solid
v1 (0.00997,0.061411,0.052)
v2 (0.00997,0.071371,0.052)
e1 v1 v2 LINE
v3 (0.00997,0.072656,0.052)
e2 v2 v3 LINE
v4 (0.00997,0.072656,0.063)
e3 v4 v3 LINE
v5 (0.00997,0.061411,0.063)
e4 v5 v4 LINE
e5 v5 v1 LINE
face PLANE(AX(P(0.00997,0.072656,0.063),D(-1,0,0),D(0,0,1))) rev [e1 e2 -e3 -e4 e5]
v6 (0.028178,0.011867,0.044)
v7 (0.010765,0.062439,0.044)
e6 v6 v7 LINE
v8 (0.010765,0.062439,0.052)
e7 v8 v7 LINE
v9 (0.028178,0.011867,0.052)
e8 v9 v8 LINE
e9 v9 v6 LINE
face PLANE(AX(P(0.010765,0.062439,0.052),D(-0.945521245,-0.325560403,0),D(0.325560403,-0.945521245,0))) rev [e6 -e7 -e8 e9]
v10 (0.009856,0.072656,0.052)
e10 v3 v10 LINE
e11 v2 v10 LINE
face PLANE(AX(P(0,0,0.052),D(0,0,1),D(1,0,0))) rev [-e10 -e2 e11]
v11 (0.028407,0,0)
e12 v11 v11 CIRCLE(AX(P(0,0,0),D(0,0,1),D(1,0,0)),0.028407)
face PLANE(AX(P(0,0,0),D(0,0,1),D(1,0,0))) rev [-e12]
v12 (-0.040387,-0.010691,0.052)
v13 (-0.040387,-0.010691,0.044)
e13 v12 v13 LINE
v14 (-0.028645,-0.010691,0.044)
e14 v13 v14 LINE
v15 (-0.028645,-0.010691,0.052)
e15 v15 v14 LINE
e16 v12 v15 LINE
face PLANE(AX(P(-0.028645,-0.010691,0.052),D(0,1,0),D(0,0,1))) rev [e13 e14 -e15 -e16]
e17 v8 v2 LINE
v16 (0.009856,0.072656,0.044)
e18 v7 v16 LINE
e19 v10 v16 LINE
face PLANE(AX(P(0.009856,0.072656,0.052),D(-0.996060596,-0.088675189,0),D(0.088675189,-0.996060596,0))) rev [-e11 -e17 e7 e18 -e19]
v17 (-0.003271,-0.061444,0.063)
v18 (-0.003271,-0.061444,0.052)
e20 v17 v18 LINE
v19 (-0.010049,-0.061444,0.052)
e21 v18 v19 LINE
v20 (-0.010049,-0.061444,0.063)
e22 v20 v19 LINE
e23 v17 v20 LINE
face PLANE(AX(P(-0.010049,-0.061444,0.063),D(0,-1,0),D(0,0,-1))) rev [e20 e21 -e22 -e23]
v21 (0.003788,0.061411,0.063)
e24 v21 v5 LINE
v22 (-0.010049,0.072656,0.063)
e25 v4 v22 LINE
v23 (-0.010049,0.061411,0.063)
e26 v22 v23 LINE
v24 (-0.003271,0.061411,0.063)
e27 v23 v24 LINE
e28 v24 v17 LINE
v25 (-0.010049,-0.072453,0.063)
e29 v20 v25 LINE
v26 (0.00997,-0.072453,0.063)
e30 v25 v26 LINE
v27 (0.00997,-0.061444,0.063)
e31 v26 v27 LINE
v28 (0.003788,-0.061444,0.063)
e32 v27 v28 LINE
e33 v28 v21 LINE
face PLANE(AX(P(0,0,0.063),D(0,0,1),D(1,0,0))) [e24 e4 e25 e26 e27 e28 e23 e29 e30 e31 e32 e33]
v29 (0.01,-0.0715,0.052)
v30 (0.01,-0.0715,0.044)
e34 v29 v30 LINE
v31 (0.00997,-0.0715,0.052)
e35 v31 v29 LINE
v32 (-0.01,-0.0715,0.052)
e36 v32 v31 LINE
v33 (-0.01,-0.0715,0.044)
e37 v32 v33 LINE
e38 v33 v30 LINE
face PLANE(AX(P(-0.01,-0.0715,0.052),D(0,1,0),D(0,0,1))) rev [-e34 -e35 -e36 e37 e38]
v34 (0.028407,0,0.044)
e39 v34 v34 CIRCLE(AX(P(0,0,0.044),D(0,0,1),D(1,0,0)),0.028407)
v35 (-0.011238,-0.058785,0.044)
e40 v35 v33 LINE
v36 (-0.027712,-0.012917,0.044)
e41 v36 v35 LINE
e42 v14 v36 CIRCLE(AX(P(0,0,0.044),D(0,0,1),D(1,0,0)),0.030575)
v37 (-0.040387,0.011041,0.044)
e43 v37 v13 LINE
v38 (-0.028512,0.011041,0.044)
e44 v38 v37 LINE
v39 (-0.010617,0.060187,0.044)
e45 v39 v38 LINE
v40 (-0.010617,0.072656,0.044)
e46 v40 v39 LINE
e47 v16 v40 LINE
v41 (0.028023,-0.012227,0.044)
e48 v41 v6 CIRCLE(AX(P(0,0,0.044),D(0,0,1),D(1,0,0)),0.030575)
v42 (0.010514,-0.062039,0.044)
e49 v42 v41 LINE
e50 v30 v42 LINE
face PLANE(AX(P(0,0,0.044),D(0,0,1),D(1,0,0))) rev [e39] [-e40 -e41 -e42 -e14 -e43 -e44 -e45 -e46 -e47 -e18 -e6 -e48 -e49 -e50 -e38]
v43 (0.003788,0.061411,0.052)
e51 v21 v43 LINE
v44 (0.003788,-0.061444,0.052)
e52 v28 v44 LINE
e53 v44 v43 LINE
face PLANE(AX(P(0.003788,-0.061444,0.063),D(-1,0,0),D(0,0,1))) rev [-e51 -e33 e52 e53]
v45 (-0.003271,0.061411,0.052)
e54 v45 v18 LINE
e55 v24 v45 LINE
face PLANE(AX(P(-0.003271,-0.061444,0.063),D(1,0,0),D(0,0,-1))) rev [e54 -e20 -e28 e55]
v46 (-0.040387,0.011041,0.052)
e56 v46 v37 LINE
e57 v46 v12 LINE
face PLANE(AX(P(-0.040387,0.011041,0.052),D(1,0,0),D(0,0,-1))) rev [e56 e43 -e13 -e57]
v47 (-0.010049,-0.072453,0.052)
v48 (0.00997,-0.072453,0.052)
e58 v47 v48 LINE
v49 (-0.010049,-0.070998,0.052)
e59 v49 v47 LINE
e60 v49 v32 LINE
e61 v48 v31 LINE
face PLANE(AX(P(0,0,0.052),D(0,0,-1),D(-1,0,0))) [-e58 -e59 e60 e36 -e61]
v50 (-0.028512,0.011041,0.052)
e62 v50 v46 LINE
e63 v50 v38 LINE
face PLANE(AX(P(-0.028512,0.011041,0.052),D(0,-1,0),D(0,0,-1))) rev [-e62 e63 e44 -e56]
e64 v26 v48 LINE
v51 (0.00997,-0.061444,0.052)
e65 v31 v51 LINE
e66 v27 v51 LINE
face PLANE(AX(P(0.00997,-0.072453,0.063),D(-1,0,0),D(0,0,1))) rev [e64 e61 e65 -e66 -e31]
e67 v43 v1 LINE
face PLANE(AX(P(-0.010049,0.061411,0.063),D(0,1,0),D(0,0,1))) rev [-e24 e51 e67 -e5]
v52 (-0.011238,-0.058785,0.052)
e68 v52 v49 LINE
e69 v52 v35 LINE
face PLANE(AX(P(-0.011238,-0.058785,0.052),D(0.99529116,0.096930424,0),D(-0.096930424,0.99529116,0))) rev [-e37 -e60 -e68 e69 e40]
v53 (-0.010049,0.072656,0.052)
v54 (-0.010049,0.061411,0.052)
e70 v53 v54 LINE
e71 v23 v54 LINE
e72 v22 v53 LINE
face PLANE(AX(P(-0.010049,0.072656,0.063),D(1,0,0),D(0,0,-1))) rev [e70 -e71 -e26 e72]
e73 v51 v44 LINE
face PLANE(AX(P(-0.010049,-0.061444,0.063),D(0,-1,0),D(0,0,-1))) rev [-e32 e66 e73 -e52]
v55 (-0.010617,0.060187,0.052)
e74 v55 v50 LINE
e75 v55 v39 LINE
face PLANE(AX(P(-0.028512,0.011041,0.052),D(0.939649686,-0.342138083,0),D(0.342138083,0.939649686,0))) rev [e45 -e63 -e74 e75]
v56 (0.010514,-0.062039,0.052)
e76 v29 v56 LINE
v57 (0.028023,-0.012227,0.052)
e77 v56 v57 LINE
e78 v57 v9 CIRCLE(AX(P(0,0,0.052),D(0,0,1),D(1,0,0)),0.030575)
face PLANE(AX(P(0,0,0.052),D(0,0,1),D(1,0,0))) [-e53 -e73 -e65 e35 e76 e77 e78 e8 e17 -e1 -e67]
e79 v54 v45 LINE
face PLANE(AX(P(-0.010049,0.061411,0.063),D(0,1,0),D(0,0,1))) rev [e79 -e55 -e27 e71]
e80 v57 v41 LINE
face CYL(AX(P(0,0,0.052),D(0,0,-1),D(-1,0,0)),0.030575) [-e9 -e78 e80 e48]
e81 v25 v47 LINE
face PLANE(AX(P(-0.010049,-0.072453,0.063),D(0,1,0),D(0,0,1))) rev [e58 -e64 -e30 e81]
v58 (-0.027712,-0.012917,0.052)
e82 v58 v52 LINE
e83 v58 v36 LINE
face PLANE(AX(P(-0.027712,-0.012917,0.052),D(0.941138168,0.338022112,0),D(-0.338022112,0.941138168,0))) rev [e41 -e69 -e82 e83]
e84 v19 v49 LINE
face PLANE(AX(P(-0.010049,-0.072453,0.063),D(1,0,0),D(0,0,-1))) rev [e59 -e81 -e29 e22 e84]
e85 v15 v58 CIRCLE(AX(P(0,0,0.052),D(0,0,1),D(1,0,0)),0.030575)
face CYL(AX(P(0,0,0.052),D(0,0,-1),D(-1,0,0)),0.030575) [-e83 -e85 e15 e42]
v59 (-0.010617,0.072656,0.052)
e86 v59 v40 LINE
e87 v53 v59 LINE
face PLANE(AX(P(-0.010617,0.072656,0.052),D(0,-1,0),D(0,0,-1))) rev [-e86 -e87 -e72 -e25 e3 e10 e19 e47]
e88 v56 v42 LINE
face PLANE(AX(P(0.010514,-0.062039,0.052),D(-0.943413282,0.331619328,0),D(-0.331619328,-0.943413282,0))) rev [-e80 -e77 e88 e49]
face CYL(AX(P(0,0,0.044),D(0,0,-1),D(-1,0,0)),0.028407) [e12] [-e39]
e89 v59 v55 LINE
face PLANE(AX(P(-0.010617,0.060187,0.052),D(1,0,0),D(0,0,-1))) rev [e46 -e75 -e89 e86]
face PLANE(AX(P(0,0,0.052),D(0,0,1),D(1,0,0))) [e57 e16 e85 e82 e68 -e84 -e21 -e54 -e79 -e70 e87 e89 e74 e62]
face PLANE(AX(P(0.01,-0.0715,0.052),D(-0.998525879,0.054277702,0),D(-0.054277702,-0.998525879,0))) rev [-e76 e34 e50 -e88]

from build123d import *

# Parameters (mm, degrees)
SKETCH1_R           = 0.028406682
BOSS_EXTRUDE1_DEPTH = 0.044
BOSS_EXTRUDE2_DEPTH = 0.008
SKETCH3_W           = 0.02001877
SKETCH3_H           = 0.011245582
SKETCH3_H_2         = 0.011009053
BOSS_EXTRUDE3_DEPTH = 0.011
SKETCH4_W           = 0.007059528
SKETCH4_H           = 0.122854085
BOSS_EXTRUDE4_DEPTH = 0.011


with BuildPart() as part:
    # Sketch1 → Boss-Extrude1 (new body)
    with BuildSketch(Plane.XY):
        Circle(SKETCH1_R)
    extrude(amount=BOSS_EXTRUDE1_DEPTH)

    # Sketch2 → Boss-Extrude2 (add)
    with BuildSketch(Plane.XY.offset(0.044)):
        with BuildLine():
            Line((-0.028511858, 0.011040645), (-0.010617218, 0.060186572))
            Line((-0.010617218, 0.060186572), (-0.010617218, 0.072656083))
            Line((-0.010617218, 0.072656083), (0.009855522, 0.072656083))
            Line((0.009855522, 0.072656083), (0.01076512, 0.062438855))
            Line((0.01076512, 0.062438855), (0.028177961, 0.011866947))
            ThreePointArc((0.028177961, 0.011866947), (0.030574228, -0.000196141), (0.028023389, -0.012227493))
            Line((0.028023389, -0.012227493), (0.010514305, -0.06203853))
            Line((0.010514305, -0.06203853), (0.01, -0.071500003))
            Line((0.01, -0.071500003), (-0.01, -0.071500003))
            Line((-0.01, -0.071500003), (-0.011238314, -0.058784869))
            Line((-0.011238314, -0.058784869), (-0.027712476, -0.01291668))
            ThreePointArc((-0.027712476, -0.01291668), (-0.028200603, -0.01181304), (-0.028644799, -0.010690998))
            Line((-0.028644799, -0.010690998), (-0.040386658, -0.010690998))
            Line((-0.040386658, -0.010690998), (-0.040386658, 0.011040645))
            Line((-0.040386658, 0.011040645), (-0.028511858, 0.011040645))
        make_face()
    extrude(amount=BOSS_EXTRUDE2_DEPTH)

    # Sketch3 → Boss-Extrude3 (add)
    with BuildSketch(Plane.XY.offset(0.052)):
        with Locations((-3.9476e-05, 0.067033292)):
            Rectangle(SKETCH3_W, SKETCH3_H)
        with Locations((-3.9476e-05, -0.066948111)):
            Rectangle(SKETCH3_W, SKETCH3_H_2)
    extrude(amount=BOSS_EXTRUDE3_DEPTH)

    # Sketch4 → Boss-Extrude4 (add)
    with BuildSketch(Plane.XY.offset(0.052)):
        with Locations((0.000258562, -1.6541e-05)):
            Rectangle(SKETCH4_W, SKETCH4_H)
    extrude(amount=BOSS_EXTRUDE4_DEPTH)


solid = part.part
